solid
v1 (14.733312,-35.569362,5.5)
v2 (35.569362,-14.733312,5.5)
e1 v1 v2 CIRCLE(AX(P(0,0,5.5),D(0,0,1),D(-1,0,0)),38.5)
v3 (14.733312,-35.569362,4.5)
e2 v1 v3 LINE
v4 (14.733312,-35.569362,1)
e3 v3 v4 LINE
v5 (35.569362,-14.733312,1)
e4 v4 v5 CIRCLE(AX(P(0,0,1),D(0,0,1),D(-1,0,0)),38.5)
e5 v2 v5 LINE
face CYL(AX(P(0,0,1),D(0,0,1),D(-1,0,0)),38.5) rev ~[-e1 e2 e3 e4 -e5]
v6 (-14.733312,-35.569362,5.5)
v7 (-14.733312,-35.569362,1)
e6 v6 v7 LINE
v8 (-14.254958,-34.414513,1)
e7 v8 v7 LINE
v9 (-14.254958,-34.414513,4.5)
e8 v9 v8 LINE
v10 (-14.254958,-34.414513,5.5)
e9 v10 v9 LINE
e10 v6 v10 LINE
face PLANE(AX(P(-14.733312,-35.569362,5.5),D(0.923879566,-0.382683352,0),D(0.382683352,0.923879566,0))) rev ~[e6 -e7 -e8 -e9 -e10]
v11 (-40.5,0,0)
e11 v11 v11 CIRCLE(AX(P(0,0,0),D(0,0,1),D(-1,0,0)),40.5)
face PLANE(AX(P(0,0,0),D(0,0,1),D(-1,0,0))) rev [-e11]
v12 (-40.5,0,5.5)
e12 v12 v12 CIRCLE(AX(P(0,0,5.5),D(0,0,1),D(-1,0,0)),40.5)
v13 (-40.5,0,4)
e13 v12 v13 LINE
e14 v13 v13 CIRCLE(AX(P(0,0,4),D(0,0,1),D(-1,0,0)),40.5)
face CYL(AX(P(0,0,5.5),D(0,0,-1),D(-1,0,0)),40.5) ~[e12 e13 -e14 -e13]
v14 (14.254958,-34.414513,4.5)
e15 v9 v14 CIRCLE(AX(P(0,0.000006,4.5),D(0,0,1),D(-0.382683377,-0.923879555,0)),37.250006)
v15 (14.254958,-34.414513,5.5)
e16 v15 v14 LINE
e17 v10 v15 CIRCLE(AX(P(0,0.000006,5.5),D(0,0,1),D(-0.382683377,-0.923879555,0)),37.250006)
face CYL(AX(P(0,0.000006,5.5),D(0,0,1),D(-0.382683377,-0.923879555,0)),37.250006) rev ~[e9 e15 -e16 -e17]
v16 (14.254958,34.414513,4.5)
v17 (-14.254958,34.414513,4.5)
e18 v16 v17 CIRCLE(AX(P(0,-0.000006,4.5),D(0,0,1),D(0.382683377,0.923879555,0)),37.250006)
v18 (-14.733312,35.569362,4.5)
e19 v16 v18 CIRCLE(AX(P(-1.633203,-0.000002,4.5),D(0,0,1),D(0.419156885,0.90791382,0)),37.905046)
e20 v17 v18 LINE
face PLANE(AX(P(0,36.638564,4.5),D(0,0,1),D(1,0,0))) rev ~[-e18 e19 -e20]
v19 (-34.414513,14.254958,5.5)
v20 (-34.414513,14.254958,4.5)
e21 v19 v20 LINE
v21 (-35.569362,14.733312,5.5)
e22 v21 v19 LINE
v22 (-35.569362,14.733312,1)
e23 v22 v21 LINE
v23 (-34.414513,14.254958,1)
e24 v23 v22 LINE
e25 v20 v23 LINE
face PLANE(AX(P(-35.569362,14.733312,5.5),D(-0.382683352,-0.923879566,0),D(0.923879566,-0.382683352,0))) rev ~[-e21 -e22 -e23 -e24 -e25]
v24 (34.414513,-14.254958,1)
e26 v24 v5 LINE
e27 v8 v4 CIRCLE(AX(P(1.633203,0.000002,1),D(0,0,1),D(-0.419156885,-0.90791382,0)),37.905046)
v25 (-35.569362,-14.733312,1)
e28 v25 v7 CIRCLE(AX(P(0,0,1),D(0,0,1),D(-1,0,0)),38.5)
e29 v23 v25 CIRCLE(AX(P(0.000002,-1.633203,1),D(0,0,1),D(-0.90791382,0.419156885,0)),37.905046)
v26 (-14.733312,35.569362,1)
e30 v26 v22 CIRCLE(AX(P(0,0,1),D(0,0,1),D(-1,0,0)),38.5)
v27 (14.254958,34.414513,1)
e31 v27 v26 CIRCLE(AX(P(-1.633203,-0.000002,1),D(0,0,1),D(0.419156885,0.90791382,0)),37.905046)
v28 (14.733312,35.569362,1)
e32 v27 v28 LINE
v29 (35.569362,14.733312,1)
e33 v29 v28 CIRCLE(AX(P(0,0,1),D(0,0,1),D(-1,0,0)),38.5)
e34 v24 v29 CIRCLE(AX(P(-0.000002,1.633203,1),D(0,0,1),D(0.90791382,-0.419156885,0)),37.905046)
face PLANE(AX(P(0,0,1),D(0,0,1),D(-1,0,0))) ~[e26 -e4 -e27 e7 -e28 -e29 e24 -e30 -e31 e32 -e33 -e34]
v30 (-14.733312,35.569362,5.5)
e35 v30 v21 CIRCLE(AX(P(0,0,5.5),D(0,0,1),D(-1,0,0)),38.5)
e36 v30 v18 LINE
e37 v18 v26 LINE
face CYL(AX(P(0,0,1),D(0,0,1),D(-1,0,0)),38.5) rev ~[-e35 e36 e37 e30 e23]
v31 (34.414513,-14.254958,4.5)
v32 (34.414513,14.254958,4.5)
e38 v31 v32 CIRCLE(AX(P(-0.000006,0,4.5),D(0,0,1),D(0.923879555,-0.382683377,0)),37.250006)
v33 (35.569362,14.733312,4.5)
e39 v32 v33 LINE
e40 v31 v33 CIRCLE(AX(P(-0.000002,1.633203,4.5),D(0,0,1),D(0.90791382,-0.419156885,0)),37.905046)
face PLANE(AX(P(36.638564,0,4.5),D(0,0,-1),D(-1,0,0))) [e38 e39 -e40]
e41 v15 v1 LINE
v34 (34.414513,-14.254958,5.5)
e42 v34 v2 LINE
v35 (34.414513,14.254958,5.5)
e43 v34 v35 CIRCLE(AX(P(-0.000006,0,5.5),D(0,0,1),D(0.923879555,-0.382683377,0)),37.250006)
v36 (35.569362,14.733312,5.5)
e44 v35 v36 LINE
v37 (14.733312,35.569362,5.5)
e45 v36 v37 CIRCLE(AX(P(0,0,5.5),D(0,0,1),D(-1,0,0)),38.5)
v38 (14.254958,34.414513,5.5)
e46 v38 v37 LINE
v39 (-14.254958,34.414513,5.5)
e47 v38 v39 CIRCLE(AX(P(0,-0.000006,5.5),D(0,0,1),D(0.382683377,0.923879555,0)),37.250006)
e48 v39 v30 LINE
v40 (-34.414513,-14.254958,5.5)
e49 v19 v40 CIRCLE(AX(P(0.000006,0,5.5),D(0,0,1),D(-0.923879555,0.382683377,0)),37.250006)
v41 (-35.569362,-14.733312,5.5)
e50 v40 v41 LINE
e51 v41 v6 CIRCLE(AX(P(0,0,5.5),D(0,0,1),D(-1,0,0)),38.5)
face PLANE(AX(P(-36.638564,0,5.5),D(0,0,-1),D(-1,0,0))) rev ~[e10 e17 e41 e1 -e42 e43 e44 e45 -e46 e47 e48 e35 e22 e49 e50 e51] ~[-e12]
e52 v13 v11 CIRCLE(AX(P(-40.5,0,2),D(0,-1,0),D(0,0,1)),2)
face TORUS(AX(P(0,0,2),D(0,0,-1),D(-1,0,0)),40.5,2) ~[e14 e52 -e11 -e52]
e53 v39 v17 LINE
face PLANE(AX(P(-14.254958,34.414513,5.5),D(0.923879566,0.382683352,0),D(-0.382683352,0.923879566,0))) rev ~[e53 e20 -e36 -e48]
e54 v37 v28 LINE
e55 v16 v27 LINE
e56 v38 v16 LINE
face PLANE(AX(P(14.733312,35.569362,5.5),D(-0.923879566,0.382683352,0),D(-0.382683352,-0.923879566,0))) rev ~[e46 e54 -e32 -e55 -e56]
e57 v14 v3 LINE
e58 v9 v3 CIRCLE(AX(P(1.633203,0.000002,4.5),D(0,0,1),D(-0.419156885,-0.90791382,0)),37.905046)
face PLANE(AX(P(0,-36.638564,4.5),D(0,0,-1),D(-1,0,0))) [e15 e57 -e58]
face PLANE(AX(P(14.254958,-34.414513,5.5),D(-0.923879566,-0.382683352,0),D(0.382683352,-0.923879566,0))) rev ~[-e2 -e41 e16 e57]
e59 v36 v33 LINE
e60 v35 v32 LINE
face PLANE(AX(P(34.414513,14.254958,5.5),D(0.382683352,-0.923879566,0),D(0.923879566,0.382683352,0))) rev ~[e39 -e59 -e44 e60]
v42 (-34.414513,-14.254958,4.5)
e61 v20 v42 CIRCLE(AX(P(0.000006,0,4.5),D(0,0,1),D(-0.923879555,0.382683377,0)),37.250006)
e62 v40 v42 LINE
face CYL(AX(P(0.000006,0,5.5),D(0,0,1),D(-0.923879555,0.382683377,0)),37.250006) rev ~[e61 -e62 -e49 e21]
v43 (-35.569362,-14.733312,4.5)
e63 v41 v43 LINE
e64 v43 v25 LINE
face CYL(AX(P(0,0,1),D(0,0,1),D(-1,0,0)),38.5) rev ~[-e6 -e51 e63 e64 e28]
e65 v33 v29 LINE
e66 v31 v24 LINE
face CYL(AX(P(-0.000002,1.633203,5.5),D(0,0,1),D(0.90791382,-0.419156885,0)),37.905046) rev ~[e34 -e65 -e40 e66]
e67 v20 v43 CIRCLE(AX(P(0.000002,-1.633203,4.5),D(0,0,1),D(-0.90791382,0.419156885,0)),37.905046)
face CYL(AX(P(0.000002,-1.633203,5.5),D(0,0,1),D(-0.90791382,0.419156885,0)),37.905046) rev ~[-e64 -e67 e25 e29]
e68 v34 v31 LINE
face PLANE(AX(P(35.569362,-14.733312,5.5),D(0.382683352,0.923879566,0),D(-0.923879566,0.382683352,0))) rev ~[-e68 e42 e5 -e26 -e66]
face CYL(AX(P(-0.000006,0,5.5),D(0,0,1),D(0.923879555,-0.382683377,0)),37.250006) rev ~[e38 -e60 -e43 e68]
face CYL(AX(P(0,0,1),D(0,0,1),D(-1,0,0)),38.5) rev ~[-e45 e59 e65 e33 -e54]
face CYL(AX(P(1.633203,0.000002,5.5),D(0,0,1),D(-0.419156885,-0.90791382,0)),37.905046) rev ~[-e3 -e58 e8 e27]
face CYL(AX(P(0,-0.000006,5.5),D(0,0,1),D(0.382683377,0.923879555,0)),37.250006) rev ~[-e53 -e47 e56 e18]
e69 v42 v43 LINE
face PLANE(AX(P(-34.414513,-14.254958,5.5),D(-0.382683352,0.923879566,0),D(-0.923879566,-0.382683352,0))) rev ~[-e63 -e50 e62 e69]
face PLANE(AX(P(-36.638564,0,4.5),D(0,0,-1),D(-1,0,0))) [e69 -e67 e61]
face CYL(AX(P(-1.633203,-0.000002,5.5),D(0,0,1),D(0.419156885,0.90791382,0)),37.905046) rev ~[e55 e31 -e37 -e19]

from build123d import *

# Parameters (mm, degrees)
PAD001_DEPTH = 1
PAD_DEPTH    = 5.5


with BuildPart() as part:
    # Sketch (on XZ_Plane of Origin) → Revolution (revolve)
    with BuildSketch(Plane.XZ):
        with BuildLine():
            Line((0, 0), (0, 1))
            Line((0, 1), (-38.5, 1))
            Line((-38.5, 1), (-38.5, 5.5))
            Line((-38.5, 5.5), (-40.5, 5.5))
            Line((-40.5, 5.5), (-40.5, 4))
            ThreePointArc((-40.5, 4), (-42.5, 2), (-40.5, 0))
            Line((0, 0), (-40.5, 0))
        make_face()
    revolve(axis=Axis((0, 0, 0), (0, 0, 1)))

    # Sketch001 (on Face3 of Revolution) → Pad001 (new body)
    with BuildSketch(Plane.XY.offset(5.5)):
        with BuildLine():
            ThreePointArc((14.733312, 35.569362), (0, 38.5), (-14.733312, 35.569362))
            Line((-14.254958, 34.414513), (-14.733312, 35.569362))
            ThreePointArc((14.254958, 34.414513), (0, 37.25), (-14.254958, 34.414513))
            Line((14.254958, 34.414513), (14.733312, 35.569362))
        make_face()
        with BuildLine():
            ThreePointArc((34.414513, -14.254958), (37.25, 0), (34.414513, 14.254958))
            Line((34.414513, 14.254958), (35.569362, 14.733312))
            ThreePointArc((35.569362, -14.733312), (38.5, 0), (35.569362, 14.733312))
            Line((34.414513, -14.254958), (35.569362, -14.733312))
        make_face()
        with BuildLine():
            ThreePointArc((-14.254958, -34.414513), (0, -37.25), (14.254958, -34.414513))
            Line((14.254958, -34.414513), (14.733312, -35.569362))
            ThreePointArc((-14.733312, -35.569362), (0, -38.5), (14.733312, -35.569362))
            Line((-14.733312, -35.569362), (-14.254958, -34.414513))
        make_face()
        with BuildLine():
            ThreePointArc((-34.414513, 14.254958), (-37.25, 0), (-34.414513, -14.254958))
            Line((-34.414513, -14.254958), (-35.569362, -14.733312))
            ThreePointArc((-35.569362, 14.733312), (-38.5, 0), (-35.569362, -14.733312))
            Line((-35.569362, 14.733312), (-34.414513, 14.254958))
        make_face()
    extrude(amount=-PAD001_DEPTH)

    # Sketch002 (on Face4 of Pad001) → Pad (join)
    with BuildSketch(Plane.XY.offset(5.5)):
        with BuildLine():
            Line((-35.569362, 14.733312), (-34.414513, 14.254958))
            ThreePointArc((-34.414513, 14.254958), (-37.875, -0.12432), (-35.569362, -14.733312))
            ThreePointArc((-35.569362, 14.733312), (-38.5, 0), (-35.569362, -14.733312))
        make_face()
        with BuildLine():
            ThreePointArc((14.733312, 35.569362), (0, 38.5), (-14.733312, 35.569362))
            ThreePointArc((14.254958, 34.414513), (-0.12432, 37.875), (-14.733312, 35.569362))
            Line((14.733312, 35.569362), (14.254958, 34.414513))
        make_face()
        with BuildLine():
            ThreePointArc((35.569362, -14.733312), (38.5, 0), (35.569362, 14.733312))
            ThreePointArc((34.414513, -14.254958), (37.875, 0.12432), (35.569362, 14.733312))
            Line((35.569362, -14.733312), (34.414513, -14.254958))
        make_face()
        with BuildLine():
            ThreePointArc((-14.733312, -35.569362), (0, -38.5), (14.733312, -35.569362))
            ThreePointArc((-14.254958, -34.414513), (0.12432, -37.875), (14.733312, -35.569362))
            Line((-14.733312, -35.569362), (-14.254958, -34.414513))
        make_face()
    extrude(amount=-PAD_DEPTH)


solid = part.part
